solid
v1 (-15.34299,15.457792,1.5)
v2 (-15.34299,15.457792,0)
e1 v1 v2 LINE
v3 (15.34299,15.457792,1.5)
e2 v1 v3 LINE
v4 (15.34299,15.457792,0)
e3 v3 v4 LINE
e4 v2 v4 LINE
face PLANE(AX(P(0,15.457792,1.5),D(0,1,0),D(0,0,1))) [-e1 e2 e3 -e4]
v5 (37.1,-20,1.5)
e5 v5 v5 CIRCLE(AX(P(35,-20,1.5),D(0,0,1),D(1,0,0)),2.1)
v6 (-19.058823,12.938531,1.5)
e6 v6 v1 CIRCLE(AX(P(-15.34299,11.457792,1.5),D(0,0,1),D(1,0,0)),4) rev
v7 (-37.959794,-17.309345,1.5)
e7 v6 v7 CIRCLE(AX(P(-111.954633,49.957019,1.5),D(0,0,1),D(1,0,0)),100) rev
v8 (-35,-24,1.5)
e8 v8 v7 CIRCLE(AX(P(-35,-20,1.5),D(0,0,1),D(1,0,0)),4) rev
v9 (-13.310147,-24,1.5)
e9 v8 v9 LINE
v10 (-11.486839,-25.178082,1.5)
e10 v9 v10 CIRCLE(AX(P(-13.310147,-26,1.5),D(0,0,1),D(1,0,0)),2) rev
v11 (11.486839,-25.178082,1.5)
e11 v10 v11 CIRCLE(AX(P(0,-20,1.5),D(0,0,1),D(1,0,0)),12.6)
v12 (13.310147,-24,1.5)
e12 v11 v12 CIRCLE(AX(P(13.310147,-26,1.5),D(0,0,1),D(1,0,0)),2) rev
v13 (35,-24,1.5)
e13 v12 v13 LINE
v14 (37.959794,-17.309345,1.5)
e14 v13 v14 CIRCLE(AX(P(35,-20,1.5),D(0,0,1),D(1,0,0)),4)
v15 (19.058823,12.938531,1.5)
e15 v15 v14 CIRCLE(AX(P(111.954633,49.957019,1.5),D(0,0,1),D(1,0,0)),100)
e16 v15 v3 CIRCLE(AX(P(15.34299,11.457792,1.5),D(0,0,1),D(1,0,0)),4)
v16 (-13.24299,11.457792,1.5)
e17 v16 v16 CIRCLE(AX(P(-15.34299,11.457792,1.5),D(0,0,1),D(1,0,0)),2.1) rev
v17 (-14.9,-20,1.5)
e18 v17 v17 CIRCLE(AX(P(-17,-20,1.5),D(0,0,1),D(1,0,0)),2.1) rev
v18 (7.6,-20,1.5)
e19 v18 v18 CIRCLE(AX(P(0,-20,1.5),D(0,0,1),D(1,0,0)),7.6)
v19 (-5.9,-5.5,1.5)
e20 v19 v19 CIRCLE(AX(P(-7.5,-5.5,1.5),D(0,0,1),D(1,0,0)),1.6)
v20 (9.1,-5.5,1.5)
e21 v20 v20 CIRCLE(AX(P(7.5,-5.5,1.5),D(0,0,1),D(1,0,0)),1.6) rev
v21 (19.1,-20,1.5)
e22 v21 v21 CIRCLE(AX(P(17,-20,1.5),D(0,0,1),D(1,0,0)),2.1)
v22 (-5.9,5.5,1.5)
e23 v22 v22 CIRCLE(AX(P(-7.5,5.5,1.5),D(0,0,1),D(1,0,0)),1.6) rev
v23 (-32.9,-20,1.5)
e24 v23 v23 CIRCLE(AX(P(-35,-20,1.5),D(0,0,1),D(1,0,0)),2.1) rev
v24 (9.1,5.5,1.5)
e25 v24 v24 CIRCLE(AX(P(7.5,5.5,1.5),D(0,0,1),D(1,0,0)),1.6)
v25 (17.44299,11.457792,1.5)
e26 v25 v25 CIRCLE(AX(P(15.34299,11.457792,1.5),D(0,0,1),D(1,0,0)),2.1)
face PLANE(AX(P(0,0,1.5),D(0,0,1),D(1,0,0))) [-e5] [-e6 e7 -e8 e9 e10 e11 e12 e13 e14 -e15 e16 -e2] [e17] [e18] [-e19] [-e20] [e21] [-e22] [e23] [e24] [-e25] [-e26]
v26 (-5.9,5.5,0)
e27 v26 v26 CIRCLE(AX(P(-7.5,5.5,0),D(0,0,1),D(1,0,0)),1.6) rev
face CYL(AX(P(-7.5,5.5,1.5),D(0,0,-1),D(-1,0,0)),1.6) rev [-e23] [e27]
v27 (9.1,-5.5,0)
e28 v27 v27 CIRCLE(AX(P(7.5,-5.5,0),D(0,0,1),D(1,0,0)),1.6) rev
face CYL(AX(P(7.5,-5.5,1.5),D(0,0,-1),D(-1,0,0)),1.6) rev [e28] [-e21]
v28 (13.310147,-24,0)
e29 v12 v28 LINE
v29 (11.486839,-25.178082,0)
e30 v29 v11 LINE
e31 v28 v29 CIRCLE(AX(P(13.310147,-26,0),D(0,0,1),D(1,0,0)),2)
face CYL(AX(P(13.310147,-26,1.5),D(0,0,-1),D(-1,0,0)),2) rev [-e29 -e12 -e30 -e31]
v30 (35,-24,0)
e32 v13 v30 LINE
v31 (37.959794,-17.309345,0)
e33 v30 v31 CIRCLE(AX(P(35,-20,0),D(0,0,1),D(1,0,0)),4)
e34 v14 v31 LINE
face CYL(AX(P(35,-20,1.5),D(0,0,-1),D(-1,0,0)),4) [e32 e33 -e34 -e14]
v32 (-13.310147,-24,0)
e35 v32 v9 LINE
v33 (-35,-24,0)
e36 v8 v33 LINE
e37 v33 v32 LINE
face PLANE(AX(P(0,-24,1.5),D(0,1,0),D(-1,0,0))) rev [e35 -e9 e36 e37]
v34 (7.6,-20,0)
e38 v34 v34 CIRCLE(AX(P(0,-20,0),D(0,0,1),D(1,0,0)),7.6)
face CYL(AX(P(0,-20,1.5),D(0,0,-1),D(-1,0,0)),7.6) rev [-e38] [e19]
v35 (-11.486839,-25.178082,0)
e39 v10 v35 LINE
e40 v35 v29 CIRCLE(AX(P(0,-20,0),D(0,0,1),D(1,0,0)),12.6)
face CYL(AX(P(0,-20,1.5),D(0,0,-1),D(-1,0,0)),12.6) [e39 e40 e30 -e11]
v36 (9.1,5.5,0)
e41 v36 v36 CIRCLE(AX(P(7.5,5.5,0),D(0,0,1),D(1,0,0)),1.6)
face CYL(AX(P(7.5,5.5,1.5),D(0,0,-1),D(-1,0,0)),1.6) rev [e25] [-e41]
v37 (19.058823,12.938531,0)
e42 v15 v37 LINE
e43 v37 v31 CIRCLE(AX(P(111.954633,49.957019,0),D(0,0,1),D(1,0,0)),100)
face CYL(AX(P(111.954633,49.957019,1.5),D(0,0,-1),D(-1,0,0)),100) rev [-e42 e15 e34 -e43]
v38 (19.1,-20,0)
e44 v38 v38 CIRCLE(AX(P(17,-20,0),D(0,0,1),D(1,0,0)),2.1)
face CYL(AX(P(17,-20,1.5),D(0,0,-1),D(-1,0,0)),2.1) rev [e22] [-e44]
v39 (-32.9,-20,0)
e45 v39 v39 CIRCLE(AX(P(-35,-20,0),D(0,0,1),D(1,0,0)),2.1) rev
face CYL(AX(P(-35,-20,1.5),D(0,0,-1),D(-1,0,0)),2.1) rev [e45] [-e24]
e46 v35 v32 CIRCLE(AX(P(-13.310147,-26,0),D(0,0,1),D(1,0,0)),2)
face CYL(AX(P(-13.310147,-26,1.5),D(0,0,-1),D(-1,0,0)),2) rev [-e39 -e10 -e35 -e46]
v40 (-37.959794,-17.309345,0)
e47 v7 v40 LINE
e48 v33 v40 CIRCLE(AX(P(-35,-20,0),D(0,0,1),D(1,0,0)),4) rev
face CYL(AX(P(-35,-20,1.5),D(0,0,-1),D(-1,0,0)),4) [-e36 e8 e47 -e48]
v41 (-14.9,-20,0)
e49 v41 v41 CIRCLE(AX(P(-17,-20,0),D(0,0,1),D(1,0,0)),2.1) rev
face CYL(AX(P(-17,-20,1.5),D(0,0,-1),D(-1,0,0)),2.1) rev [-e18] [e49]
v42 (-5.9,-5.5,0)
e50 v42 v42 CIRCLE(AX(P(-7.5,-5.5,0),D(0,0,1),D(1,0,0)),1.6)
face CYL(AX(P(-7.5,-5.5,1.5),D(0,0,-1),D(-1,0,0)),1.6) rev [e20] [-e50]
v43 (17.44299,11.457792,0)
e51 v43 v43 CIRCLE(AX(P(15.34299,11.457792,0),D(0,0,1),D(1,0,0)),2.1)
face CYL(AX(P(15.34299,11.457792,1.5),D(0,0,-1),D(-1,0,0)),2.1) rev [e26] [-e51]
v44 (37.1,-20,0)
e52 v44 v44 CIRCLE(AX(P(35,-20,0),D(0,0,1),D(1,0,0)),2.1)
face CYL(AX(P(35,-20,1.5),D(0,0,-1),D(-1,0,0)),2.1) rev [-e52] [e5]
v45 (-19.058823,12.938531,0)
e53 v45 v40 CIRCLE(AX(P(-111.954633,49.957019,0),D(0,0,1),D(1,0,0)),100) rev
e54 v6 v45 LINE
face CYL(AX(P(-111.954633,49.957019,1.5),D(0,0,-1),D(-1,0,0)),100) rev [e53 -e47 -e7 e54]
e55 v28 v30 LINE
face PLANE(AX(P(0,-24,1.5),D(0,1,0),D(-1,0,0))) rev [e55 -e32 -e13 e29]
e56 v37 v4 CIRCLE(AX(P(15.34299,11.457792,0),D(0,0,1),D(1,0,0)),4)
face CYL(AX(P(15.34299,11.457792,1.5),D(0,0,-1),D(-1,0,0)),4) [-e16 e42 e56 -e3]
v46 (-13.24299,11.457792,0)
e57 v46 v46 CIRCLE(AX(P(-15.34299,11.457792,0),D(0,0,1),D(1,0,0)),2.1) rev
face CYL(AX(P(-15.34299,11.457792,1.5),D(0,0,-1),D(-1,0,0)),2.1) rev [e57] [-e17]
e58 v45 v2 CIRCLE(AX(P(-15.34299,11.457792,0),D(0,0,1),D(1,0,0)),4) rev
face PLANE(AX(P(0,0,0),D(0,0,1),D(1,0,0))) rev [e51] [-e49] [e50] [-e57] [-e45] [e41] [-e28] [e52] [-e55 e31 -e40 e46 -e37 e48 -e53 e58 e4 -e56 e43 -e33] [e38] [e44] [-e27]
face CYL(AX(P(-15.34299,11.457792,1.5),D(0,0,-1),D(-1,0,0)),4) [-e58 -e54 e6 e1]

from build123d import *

# Parameters (mm, degrees)
SKETCH_1_R      = 7.6
SKETCH_1_R_2    = 2.1
SKETCH_1_R_3    = 1.6
EXTRUDE_1_DEPTH = 1.5
FILLET_2_R      = 2


with BuildPart() as part:
    # ｽｹｯﾁ1 → ﾎﾞｽ - 押し出し1 (new body)
    with BuildSketch(Plane.XY):
        with BuildLine():
            ThreePointArc((-37.95979357, -17.309345429), (-38.658047176, -21.61823696), (-35, -24))
            Line((-35, -24), (-11.948221625, -24))
            ThreePointArc((-11.948221625, -24), (0, -32.6), (11.948221625, -24))
            Line((11.948221625, -24), (35, -24))
            ThreePointArc((35, -24), (38.658047176, -21.61823696), (37.95979357, -17.309345429))
            ThreePointArc((37.95979357, -17.309345429), (27.149823207, -3.034907568), (19.058822549, 12.938531129))
            ThreePointArc((19.058822549, 12.938531129), (17.587655142, 14.768604061), (15.342990138, 15.45779162))
            Line((15.342990138, 15.45779162), (-15.342990138, 15.45779162))
            ThreePointArc((-15.342990138, 15.45779162), (-17.587655142, 14.768604061), (-19.058822549, 12.938531129))
            ThreePointArc((-19.058822549, 12.938531129), (-27.149823207, -3.034907568), (-37.95979357, -17.309345429))
        make_face()
        with Locations((0, -20)):
            Circle(SKETCH_1_R, mode=Mode.SUBTRACT)
        with Locations((-35, -20)):
            Circle(SKETCH_1_R_2, mode=Mode.SUBTRACT)
        with Locations((-17, -20)):
            Circle(SKETCH_1_R_2, mode=Mode.SUBTRACT)
        with Locations((-7.5, -5.5)):
            Circle(SKETCH_1_R_3, mode=Mode.SUBTRACT)
        with Locations((17, -20)):
            Circle(SKETCH_1_R_2, mode=Mode.SUBTRACT)
        with Locations((35, -20)):
            Circle(SKETCH_1_R_2, mode=Mode.SUBTRACT)
        with Locations((7.5, -5.5)):
            Circle(SKETCH_1_R_3, mode=Mode.SUBTRACT)
        with Locations((-7.5, 5.5)):
            Circle(SKETCH_1_R_3, mode=Mode.SUBTRACT)
        with Locations((-15.342990138, 11.45779162)):
            Circle(SKETCH_1_R_2, mode=Mode.SUBTRACT)
        with Locations((7.5, 5.5)):
            Circle(SKETCH_1_R_3, mode=Mode.SUBTRACT)
        with Locations((15.342990138, 11.45779162)):
            Circle(SKETCH_1_R_2, mode=Mode.SUBTRACT)
    extrude(amount=EXTRUDE_1_DEPTH)

    # ﾌｨﾚｯﾄ2
    fillet_2_edges = [part.edges().sort_by_distance(p)[0] for p in [
        (-11.948221625, -24, 0.75),
        (11.948221625, -24, 0.75),
    ]]
    fillet(fillet_2_edges, radius=FILLET_2_R)


solid = part.part
